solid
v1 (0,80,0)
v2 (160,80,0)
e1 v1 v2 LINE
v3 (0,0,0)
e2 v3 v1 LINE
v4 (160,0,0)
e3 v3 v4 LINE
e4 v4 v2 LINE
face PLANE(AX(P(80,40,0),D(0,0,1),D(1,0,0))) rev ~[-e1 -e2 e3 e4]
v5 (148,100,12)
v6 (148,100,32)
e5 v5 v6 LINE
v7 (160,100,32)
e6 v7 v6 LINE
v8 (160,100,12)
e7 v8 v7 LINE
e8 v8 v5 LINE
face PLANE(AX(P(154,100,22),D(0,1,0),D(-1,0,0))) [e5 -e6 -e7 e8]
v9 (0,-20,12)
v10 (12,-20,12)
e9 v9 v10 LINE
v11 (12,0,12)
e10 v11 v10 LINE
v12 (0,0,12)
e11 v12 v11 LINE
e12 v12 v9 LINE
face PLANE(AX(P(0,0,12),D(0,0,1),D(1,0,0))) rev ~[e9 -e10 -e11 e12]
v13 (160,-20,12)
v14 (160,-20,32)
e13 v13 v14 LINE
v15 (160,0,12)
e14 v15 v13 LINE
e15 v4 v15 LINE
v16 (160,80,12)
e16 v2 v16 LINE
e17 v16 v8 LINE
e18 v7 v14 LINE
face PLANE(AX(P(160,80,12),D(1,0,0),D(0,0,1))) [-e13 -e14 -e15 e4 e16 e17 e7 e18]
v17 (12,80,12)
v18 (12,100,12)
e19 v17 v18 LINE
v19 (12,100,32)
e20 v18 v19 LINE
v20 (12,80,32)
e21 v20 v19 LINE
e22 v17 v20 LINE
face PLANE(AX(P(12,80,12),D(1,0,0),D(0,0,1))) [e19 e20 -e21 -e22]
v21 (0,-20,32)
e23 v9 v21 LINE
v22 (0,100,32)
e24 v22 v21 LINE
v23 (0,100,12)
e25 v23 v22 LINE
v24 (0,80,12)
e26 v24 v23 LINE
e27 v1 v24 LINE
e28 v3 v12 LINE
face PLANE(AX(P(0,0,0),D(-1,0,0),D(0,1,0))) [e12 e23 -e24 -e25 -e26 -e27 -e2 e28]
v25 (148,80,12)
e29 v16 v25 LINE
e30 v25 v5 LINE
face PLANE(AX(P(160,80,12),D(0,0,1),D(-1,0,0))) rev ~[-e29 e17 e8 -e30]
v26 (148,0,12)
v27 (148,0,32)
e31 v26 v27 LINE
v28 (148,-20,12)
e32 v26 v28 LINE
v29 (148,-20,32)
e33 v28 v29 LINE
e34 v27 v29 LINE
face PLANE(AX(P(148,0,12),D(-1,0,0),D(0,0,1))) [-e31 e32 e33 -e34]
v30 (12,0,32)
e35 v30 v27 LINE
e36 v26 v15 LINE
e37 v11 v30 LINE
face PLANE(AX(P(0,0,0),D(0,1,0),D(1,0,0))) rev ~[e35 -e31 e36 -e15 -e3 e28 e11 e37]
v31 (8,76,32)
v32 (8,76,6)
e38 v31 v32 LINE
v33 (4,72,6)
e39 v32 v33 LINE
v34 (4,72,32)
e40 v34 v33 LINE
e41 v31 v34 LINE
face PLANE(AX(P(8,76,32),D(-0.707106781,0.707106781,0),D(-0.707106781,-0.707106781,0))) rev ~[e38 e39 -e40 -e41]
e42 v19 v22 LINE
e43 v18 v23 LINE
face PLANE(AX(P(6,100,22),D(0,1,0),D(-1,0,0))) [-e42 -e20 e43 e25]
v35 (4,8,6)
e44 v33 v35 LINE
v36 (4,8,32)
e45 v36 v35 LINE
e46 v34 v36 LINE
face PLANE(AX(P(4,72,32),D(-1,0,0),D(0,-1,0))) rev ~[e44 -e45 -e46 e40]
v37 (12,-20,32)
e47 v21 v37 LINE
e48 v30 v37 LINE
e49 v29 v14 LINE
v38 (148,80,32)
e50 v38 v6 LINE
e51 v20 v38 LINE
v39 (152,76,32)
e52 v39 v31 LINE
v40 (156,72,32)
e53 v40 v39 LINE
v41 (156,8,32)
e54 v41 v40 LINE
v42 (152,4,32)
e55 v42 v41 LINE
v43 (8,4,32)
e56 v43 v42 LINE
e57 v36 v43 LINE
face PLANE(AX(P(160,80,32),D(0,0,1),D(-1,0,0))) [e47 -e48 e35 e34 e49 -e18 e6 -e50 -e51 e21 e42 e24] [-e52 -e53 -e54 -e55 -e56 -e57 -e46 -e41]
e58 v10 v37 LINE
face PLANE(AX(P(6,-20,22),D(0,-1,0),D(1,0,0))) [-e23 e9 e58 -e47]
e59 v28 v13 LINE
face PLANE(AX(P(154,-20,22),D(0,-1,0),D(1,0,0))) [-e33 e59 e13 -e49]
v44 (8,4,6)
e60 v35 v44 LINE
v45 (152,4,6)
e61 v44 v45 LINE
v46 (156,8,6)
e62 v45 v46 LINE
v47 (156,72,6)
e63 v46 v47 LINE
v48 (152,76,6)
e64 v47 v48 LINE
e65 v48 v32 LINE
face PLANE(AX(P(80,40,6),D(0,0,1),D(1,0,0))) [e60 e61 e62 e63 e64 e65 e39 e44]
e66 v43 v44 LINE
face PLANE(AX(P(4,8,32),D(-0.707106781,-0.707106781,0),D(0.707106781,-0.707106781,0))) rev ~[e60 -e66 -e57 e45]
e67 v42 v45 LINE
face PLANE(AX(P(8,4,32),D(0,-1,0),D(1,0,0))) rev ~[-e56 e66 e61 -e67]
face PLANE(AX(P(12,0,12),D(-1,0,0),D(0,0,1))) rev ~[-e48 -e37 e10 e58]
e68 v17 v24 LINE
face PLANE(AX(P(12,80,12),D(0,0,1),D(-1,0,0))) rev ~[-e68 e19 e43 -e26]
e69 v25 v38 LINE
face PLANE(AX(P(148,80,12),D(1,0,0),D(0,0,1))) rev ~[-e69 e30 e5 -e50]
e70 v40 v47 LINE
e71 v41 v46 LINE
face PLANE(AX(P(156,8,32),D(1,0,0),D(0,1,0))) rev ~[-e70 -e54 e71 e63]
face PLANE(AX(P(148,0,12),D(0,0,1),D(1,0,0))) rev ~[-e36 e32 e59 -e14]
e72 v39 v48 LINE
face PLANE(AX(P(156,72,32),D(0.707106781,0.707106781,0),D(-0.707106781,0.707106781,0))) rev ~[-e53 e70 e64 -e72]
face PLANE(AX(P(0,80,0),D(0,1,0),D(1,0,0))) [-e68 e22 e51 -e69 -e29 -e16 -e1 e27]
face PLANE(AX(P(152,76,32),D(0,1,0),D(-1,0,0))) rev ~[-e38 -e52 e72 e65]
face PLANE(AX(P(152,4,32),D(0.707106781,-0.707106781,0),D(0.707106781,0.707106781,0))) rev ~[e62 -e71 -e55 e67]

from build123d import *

# Parameters (mm, degrees)
SKETCH_W     = 160
SKETCH_H     = 80
PAD_DEPTH    = 32
POCKET_DEPTH = 26
SKETCH002_W  = 12
SKETCH002_H  = 20
PAD001_DEPTH = 20
SKETCH003_W  = 12
SKETCH003_H  = 20
PAD002_DEPTH = 20


with BuildPart() as part:
    # Sketch → Pad (new body)
    with BuildSketch(Plane.XY):
        with Locations((80, 40)):
            Rectangle(SKETCH_W, SKETCH_H)
    extrude(amount=PAD_DEPTH)

    # Sketch001 (on Face6 of Pad) → Pocket (cut)
    with BuildSketch(Plane.XY.offset(32)):
        Polygon((8, 76), (4, 72), (4, 8), (8, 4), (152, 4), (156, 8), (156, 72), (152, 76), align=None)
    extrude(amount=-POCKET_DEPTH, mode=Mode.SUBTRACT)

    # Sketch002 (on Face6 of Pocket) → Pad001 (join)
    with BuildSketch(Plane.XZ):
        with Locations((154, 22)):
            Rectangle(SKETCH002_W, SKETCH002_H)
        with Locations((6, 22)):
            Rectangle(SKETCH002_W, SKETCH002_H)
    extrude(amount=PAD001_DEPTH)

    # Sketch003 (on Face1 of Pad001) → Pad002 (join)
    with BuildSketch(Plane(origin=(0, 80, 0), x_dir=(-1, 0, 0), z_dir=(0, 1, 0))):
        with Locations((-154, 22)):
            Rectangle(SKETCH003_W, SKETCH003_H)
        with Locations((-6, 22)):
            Rectangle(SKETCH003_W, SKETCH003_H)
    extrude(amount=PAD002_DEPTH)


solid = part.part
